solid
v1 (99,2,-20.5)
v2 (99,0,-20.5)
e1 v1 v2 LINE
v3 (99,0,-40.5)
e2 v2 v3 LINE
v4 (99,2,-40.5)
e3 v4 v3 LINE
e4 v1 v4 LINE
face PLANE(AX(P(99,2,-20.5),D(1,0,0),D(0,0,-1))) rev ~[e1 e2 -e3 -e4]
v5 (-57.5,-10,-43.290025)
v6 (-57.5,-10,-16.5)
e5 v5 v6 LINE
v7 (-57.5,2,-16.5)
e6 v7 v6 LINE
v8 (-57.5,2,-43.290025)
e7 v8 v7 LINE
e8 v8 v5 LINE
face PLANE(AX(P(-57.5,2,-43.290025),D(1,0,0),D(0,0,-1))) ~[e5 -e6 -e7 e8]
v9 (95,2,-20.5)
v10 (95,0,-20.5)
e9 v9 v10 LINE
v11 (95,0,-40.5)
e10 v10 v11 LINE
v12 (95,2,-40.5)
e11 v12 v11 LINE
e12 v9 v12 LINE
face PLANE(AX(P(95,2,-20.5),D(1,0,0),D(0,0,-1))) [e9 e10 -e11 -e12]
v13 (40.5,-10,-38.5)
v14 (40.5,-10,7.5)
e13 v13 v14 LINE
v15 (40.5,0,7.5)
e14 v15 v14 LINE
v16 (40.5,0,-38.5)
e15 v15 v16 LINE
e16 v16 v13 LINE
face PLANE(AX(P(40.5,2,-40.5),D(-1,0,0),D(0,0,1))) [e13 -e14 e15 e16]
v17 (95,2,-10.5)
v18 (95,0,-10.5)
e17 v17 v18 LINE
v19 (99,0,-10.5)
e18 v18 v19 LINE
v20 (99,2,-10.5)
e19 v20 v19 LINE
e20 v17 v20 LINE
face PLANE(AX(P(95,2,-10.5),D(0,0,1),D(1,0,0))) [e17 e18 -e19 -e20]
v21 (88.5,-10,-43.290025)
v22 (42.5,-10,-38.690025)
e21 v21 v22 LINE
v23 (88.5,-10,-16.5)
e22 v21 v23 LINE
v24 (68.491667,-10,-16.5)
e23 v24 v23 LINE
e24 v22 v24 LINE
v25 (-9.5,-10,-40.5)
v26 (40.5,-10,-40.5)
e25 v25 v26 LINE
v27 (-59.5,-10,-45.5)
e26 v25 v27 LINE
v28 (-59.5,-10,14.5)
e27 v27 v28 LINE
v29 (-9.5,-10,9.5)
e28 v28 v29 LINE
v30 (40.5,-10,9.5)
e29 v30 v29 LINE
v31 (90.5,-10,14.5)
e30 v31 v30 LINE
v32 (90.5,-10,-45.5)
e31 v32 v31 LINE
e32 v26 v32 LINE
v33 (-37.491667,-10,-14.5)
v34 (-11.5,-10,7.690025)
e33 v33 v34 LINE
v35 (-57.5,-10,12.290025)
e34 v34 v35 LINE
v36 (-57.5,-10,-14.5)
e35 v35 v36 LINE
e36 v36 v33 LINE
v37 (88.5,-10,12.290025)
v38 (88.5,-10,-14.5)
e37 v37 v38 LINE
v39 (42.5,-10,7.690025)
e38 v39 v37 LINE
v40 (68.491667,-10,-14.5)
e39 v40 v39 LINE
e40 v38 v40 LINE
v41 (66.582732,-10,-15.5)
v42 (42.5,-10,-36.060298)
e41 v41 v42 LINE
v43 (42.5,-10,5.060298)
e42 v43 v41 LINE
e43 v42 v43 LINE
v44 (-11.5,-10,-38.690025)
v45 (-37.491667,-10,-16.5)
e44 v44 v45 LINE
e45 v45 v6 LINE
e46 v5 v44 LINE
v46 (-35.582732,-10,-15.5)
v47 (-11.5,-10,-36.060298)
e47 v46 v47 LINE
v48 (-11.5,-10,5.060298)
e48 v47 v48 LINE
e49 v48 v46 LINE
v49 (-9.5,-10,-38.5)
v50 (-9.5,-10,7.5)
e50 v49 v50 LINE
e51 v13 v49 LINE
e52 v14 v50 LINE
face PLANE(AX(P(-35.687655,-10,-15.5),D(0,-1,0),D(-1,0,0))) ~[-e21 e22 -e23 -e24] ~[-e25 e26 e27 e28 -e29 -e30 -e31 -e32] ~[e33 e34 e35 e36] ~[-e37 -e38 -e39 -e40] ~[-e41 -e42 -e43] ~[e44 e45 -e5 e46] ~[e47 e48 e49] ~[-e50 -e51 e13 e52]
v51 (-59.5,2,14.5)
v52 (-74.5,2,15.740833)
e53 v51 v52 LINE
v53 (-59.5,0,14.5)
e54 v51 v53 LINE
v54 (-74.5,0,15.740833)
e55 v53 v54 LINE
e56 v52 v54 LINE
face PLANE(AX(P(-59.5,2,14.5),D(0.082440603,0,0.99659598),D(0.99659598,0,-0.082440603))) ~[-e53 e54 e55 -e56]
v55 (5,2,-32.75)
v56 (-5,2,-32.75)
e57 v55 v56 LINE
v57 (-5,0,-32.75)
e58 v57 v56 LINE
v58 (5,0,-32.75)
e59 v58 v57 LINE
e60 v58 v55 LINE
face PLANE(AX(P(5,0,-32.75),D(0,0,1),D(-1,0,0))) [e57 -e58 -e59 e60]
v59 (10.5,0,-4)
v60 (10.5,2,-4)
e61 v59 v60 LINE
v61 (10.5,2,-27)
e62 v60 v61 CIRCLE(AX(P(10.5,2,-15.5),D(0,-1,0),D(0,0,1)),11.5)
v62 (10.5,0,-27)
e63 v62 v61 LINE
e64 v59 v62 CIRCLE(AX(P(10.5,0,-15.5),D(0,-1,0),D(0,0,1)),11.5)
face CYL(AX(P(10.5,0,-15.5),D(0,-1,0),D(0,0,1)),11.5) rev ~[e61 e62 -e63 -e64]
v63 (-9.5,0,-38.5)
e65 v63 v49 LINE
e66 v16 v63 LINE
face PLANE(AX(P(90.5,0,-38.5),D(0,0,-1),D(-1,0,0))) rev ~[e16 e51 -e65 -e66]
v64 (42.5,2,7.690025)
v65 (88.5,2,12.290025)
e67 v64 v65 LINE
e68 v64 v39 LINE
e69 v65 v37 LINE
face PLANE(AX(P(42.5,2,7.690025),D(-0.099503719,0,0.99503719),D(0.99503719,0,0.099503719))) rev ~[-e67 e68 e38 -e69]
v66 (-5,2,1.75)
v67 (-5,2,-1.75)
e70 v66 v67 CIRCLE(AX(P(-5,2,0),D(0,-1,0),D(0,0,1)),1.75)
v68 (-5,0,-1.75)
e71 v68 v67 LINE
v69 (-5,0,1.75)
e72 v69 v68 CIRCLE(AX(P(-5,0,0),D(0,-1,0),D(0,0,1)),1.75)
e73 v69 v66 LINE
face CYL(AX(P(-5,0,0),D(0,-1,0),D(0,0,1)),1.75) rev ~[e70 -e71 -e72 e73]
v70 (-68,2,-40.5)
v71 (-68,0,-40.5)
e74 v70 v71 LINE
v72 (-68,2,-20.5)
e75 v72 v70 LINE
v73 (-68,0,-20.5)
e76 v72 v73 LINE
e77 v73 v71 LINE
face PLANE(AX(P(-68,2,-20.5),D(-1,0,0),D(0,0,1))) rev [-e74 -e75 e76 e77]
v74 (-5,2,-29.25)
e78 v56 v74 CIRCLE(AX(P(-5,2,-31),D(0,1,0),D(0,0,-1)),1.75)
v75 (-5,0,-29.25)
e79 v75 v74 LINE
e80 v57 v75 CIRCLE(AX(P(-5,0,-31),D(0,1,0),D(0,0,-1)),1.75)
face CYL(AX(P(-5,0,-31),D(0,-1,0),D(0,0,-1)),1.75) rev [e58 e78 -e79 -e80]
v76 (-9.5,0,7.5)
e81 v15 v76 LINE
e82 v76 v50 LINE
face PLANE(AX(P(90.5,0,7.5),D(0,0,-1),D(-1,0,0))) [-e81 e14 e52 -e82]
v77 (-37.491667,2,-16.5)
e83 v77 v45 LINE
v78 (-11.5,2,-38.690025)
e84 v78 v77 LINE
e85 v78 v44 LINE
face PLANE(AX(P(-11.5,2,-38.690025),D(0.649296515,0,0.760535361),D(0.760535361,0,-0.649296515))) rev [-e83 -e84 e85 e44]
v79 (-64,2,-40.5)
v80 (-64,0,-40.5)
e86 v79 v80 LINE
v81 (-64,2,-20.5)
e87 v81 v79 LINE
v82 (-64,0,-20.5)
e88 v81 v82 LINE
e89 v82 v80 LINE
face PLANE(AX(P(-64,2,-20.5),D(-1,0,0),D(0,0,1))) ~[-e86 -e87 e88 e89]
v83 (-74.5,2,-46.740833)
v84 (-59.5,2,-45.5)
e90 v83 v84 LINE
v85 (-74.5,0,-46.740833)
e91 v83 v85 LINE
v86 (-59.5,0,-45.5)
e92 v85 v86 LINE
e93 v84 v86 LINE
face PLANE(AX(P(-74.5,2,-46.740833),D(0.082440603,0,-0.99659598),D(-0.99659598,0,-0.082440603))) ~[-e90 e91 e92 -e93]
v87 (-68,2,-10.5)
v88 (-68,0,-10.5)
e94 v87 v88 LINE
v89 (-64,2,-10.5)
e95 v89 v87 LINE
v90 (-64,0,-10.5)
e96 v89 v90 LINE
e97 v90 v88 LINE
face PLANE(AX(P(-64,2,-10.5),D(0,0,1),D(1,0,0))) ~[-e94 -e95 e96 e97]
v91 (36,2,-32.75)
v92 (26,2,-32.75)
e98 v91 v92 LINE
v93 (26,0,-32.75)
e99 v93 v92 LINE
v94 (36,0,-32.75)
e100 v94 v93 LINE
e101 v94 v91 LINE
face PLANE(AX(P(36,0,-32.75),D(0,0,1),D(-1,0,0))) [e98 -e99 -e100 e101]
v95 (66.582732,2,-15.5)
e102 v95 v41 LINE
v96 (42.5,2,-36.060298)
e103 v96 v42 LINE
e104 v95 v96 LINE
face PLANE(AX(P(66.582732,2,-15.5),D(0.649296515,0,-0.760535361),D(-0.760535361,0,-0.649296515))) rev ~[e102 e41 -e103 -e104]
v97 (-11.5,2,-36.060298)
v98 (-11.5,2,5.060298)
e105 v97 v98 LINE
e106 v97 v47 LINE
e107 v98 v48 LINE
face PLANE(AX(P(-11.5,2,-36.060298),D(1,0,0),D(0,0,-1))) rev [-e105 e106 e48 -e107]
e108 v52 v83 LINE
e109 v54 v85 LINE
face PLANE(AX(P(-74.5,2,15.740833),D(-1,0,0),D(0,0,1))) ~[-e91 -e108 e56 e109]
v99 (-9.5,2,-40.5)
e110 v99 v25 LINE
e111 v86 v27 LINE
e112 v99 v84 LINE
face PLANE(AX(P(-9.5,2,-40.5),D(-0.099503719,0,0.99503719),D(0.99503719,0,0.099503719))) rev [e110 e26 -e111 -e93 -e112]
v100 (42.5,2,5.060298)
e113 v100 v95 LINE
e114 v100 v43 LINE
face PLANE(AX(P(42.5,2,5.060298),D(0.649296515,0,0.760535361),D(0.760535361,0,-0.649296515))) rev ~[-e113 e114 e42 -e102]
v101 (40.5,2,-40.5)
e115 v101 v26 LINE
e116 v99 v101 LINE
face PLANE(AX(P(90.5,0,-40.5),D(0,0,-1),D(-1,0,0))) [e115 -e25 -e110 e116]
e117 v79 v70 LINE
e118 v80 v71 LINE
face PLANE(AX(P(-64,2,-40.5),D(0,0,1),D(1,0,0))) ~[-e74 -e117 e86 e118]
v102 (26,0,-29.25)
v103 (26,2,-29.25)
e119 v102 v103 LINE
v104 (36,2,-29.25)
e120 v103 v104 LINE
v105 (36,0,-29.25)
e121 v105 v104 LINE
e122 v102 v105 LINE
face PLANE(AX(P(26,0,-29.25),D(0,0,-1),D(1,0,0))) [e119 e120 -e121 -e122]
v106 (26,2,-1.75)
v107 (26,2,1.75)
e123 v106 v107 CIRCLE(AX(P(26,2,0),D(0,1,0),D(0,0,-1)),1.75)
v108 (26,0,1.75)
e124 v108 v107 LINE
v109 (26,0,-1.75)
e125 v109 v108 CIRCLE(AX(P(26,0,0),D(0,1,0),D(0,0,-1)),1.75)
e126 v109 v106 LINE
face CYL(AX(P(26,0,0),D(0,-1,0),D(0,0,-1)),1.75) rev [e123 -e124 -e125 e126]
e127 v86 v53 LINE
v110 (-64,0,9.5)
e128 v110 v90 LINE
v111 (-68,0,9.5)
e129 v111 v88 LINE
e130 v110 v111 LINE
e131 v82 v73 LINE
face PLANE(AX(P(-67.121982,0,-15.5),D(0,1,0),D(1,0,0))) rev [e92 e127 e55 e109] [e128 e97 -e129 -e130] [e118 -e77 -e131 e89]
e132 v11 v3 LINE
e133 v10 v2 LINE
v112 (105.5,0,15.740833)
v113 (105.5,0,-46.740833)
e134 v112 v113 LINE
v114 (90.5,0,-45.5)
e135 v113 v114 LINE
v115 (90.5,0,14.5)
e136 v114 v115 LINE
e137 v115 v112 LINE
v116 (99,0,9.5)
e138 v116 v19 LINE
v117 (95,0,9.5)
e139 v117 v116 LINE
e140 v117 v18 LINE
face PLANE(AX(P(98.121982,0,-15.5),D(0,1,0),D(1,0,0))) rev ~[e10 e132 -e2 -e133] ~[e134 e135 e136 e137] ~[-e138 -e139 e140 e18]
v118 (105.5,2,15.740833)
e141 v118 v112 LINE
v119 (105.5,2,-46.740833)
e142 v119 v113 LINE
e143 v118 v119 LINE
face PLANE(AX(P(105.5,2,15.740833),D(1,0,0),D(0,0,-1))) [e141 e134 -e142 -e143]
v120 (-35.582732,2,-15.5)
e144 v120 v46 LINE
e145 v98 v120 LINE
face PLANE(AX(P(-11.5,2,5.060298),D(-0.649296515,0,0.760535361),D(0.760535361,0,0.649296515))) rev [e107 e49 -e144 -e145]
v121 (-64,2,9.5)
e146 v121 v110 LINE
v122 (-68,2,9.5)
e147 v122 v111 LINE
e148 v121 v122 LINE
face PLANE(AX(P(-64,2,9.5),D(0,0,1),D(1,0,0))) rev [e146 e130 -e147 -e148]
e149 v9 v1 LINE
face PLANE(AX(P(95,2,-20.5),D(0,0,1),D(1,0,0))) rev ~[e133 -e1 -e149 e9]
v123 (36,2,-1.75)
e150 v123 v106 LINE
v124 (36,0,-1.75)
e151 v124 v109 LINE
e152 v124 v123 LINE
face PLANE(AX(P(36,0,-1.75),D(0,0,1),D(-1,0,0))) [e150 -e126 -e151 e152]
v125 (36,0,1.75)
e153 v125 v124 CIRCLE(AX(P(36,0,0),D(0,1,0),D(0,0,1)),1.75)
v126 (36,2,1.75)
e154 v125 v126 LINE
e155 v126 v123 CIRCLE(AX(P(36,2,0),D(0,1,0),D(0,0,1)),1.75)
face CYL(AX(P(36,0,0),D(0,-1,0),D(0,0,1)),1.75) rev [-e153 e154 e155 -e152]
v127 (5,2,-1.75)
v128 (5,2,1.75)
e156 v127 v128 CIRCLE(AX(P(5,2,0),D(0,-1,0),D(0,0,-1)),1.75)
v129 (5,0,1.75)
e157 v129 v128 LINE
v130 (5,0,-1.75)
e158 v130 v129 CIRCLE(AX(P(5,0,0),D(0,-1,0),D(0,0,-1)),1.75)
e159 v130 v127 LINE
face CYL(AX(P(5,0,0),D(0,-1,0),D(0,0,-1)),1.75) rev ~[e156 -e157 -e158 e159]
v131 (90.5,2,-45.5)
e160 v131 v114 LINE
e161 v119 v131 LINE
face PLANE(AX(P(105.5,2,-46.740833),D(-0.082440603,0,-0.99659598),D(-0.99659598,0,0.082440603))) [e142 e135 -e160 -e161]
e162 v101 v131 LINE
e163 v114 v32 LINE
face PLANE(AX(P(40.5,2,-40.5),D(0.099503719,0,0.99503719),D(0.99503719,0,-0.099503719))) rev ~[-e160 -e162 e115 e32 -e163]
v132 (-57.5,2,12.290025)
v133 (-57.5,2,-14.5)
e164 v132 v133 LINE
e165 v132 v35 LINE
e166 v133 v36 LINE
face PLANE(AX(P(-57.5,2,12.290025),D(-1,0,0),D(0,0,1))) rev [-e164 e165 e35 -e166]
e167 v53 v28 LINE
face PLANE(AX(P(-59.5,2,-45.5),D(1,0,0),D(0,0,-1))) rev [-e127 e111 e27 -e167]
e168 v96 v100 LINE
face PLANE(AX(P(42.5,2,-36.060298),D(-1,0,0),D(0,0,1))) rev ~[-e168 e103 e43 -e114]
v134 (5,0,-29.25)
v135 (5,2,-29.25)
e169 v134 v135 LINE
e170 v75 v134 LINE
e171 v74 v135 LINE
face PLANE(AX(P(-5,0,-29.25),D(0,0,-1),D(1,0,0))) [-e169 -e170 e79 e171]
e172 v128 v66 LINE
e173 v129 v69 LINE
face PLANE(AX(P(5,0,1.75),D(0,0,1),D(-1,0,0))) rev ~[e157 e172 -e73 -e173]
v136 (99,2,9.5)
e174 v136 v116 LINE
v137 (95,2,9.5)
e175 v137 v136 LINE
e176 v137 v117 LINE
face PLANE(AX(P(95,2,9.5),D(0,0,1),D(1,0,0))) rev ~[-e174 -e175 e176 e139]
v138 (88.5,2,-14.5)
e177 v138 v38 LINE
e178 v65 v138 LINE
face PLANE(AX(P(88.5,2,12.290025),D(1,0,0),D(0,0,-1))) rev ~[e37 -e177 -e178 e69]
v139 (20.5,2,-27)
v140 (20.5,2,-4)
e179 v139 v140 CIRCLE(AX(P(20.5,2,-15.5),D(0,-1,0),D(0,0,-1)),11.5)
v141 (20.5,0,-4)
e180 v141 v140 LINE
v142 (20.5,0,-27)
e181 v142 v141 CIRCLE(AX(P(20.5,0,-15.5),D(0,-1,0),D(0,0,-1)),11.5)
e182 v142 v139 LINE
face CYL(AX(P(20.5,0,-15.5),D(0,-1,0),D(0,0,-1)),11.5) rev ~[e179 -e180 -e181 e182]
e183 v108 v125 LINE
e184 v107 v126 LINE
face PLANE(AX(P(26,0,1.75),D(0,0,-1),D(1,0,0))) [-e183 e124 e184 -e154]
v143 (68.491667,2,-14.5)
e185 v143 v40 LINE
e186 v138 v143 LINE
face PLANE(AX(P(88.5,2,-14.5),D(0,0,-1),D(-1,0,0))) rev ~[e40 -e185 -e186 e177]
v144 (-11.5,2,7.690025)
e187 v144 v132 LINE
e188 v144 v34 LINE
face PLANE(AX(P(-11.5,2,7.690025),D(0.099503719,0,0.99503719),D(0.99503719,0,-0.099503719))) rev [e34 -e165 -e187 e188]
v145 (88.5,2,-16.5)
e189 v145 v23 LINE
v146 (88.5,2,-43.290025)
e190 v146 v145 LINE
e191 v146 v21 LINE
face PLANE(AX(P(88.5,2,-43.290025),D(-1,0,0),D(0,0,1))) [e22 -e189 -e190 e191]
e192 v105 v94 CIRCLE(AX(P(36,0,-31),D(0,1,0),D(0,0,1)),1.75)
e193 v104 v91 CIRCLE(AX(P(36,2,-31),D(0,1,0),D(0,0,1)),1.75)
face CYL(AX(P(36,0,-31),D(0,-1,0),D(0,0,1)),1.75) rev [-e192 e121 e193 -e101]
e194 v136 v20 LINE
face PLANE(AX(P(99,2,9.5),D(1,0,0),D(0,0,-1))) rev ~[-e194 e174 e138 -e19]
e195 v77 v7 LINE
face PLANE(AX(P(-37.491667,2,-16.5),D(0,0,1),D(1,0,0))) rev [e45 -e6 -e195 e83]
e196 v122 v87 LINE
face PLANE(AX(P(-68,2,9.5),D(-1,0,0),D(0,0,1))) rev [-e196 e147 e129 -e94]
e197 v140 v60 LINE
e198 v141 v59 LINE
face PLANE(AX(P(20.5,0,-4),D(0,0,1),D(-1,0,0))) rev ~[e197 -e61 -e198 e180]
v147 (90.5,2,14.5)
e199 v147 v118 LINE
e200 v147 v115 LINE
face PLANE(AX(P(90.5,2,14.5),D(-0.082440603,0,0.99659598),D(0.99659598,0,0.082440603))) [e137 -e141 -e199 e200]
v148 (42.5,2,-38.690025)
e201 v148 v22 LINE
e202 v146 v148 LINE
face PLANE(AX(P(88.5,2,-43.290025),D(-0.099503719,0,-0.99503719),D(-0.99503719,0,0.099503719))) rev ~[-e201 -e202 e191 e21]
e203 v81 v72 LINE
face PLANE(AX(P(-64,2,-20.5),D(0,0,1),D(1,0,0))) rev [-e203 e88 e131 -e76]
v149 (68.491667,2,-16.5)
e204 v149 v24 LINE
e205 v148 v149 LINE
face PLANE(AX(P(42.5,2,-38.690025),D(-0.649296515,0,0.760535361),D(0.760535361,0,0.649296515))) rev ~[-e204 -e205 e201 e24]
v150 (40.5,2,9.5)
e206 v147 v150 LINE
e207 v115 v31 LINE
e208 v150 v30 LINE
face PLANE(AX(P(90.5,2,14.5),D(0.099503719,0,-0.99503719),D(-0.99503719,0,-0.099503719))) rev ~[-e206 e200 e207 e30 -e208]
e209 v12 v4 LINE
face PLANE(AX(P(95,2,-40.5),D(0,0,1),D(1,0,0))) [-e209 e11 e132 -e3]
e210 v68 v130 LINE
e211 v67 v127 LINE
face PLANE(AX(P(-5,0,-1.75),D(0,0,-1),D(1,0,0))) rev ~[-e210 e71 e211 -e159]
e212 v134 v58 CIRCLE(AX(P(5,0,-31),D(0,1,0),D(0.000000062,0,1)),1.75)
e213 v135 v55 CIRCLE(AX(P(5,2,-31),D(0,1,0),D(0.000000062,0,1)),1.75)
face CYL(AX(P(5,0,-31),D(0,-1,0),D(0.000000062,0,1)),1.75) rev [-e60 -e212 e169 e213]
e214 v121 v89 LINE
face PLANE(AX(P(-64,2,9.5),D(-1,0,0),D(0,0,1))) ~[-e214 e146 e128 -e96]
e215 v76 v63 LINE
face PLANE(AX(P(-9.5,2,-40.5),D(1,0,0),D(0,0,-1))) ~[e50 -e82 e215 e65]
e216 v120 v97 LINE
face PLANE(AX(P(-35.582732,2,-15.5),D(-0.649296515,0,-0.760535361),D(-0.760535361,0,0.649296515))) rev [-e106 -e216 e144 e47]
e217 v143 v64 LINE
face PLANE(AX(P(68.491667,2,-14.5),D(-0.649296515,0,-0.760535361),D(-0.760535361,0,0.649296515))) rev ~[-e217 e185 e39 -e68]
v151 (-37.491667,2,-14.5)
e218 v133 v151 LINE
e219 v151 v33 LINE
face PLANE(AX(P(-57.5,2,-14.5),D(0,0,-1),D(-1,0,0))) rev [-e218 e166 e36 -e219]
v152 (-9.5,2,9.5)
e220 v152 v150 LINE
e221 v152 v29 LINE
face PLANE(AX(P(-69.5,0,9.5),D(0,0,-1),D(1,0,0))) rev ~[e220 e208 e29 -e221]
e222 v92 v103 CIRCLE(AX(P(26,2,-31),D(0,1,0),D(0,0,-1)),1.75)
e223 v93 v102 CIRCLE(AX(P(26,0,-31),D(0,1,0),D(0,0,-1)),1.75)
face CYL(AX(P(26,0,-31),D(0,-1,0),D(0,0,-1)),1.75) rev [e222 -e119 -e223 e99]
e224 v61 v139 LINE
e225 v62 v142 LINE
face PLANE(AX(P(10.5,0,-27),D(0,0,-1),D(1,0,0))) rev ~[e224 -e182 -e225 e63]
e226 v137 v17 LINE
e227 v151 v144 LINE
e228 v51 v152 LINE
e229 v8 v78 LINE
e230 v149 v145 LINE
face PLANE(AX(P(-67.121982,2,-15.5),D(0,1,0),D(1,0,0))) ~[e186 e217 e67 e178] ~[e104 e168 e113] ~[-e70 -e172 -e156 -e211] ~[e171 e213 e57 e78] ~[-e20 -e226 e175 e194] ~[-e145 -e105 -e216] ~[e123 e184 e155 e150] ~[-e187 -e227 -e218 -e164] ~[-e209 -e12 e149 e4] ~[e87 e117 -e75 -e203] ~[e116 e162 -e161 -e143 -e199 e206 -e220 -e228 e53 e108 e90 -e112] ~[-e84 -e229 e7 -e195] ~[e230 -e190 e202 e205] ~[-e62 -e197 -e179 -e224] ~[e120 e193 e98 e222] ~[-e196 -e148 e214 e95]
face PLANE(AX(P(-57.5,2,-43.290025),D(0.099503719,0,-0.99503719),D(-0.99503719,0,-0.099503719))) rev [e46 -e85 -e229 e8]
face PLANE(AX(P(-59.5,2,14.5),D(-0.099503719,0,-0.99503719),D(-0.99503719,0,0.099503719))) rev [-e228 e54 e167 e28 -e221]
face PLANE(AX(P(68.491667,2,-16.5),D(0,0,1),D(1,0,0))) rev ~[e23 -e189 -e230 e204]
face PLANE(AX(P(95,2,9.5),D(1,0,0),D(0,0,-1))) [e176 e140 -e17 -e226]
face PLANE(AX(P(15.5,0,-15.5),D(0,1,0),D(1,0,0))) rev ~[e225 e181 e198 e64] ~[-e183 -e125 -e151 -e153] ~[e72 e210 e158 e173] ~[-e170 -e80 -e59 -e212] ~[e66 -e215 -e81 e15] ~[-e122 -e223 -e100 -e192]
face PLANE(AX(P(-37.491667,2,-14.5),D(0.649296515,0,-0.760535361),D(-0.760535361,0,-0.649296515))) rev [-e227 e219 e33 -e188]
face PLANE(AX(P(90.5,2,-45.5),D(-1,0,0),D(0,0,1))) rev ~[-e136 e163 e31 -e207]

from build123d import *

# Parameters (mm, degrees)
SKETCH1_W           = 170
SKETCH1_H           = 50
BOSS_EXTRUDE1_DEPTH = 2
SKETCH2_W           = 2
SKETCH2_H           = 50
BOSS_EXTRUDE2_DEPTH = 10
SKETCH3_W           = 150
SKETCH3_H           = 2
BOSS_EXTRUDE3_DEPTH = 10
SKETCH4_W           = 60
SKETCH4_H           = 50
CUT_EXTRUDE2_DEPTH  = 13
BOSS_EXTRUDE5_DEPTH = 12
BOSS_EXTRUDE7_DEPTH = 2
SKETCH8_W           = 4
SKETCH8_H           = 20
CUT_EXTRUDE3_DEPTH  = 2


with BuildPart() as part:
    # Sketch1 → Boss-Extrude1 (new body)
    with BuildSketch(Plane(origin=(0, 0, 0), x_dir=(1, 0, 0), z_dir=(0, 1, 0))):
        with Locations((15.5, 15.5)):
            Rectangle(SKETCH1_W, SKETCH1_H)
        with BuildLine():
            Line((5, 32.75), (-5, 32.75))
            ThreePointArc((-5, 32.75), (-6.75, 31), (-5, 29.25))
            Line((-5, 29.25), (5, 29.25))
            ThreePointArc((5, 29.25), (6.749999891, 31), (5, 32.75))
        make_face(mode=Mode.SUBTRACT)
        with BuildLine():
            Line((26, 29.25), (36, 29.25))
            ThreePointArc((36, 29.25), (37.75, 31), (36, 32.75))
            Line((36, 32.75), (26, 32.75))
            ThreePointArc((26, 32.75), (24.25, 31), (26, 29.25))
        make_face(mode=Mode.SUBTRACT)
        with BuildLine():
            Line((-5, 1.75), (5, 1.75))
            ThreePointArc((5, 1.75), (6.75, 0), (5, -1.75))
            Line((5, -1.75), (-5, -1.75))
            ThreePointArc((-5, -1.75), (-6.75, 0), (-5, 1.75))
        make_face(mode=Mode.SUBTRACT)
        with BuildLine():
            Line((26, -1.75), (36, -1.75))
            ThreePointArc((36, -1.75), (37.75, 0), (36, 1.75))
            Line((36, 1.75), (26, 1.75))
            ThreePointArc((26, 1.75), (24.25, 0), (26, -1.75))
        make_face(mode=Mode.SUBTRACT)
        with BuildLine():
            Line((10.5, 27), (20.5, 27))
            ThreePointArc((20.5, 27), (32, 15.5), (20.5, 4))
            Line((20.5, 4), (10.5, 4))
            ThreePointArc((10.5, 4), (-1, 15.5), (10.5, 27))
        make_face(mode=Mode.SUBTRACT)
    extrude(amount=BOSS_EXTRUDE1_DEPTH)

    # Sketch2 → Boss-Extrude2 (add)
    with BuildSketch(Plane(origin=(0, 0, 0), x_dir=(-1, 0, 0), z_dir=(0, -1, 0))):
        with Locations((60.5, 15.5)):
            Rectangle(SKETCH2_W, SKETCH2_H)
        with Locations((-91.5, 15.5)):
            Rectangle(SKETCH2_W, SKETCH2_H)
    extrude(amount=BOSS_EXTRUDE2_DEPTH)

    # Sketch3 → Boss-Extrude3 (add)
    with BuildSketch(Plane(origin=(0, 0, 0), x_dir=(-1, 0, 0), z_dir=(0, -1, 0))):
        with Locations((-15.5, 39.5)):
            Rectangle(SKETCH3_W, SKETCH3_H)
        with Locations((-15.5, -8.5)):
            Rectangle(SKETCH3_W, SKETCH3_H)
    extrude(amount=BOSS_EXTRUDE3_DEPTH)

    # Sketch4 → Cut-Extrude2 (cut, through all)
    with BuildSketch(Plane(origin=(0, 2, 0), x_dir=(1, 0, 0), z_dir=(0, 1, 0))):
        with Locations((-39.5, 15.5)):
            Rectangle(SKETCH4_W, SKETCH4_H)
    cut_extrude2 = extrude(amount=-CUT_EXTRUDE2_DEPTH, mode=Mode.SUBTRACT)

    # Mirror1: Cut-Extrude2 across plane
    add(cut_extrude2.mirror(Plane.ZY.offset(-15.5)), mode=Mode.SUBTRACT)

    # Sketch5 → Boss-Extrude5 (add)
    with BuildSketch(Plane(origin=(0, 2, 0), x_dir=(1, 0, 0), z_dir=(0, 1, 0))):
        Polygon((40.5, 40.5), (90.5, 45.5), (90.5, -14.5), (40.5, -9.5), (40.5, -7.690024876), (40.5, 38.5), align=None)
        Polygon((42.5, 38.690024876), (68.491666638, 16.5), (88.5, 16.5), (88.5, 18.080254606), (88.5, 43.290024876), align=None, mode=Mode.SUBTRACT)
        Polygon((88.5, 14.5), (68.491666638, 14.5), (42.5, -7.690024876), (88.5, -12.290024876), align=None, mode=Mode.SUBTRACT)
        Polygon((66.582731952, 15.5), (42.5, 36.060298366), (42.5, -5.060298366), align=None, mode=Mode.SUBTRACT)
    boss_extrude5 = extrude(amount=-BOSS_EXTRUDE5_DEPTH)

    # Sketch7 → Boss-Extrude7 (add)
    with BuildSketch(Plane(origin=(0, 2, 0), x_dir=(1, 0, 0), z_dir=(0, 1, 0))):
        Polygon((90.5, -14.5), (105.5, -15.740832862), (105.5, 46.740832862), (90.5, 45.5), align=None)
    boss_extrude7 = extrude(amount=-BOSS_EXTRUDE7_DEPTH)

    # Sketch8 → Cut-Extrude3 (cut)
    with BuildSketch(Plane(origin=(0, 2, 0), x_dir=(1, 0, 0), z_dir=(0, 1, 0))):
        with Locations((97, 0.5)):
            Rectangle(SKETCH8_W, SKETCH8_H)
        with Locations((97, 30.5)):
            Rectangle(SKETCH8_W, SKETCH8_H)
    cut_extrude3 = extrude(amount=-CUT_EXTRUDE3_DEPTH, mode=Mode.SUBTRACT)

    # Mirror2: Boss-Extrude5, Boss-Extrude7, Cut-Extrude3 across plane
    add(boss_extrude5.mirror(Plane.ZY.offset(-15.5)))
    add(boss_extrude7.mirror(Plane.ZY.offset(-15.5)))
    add(cut_extrude3.mirror(Plane.ZY.offset(-15.5)), mode=Mode.SUBTRACT)


solid = part.part
